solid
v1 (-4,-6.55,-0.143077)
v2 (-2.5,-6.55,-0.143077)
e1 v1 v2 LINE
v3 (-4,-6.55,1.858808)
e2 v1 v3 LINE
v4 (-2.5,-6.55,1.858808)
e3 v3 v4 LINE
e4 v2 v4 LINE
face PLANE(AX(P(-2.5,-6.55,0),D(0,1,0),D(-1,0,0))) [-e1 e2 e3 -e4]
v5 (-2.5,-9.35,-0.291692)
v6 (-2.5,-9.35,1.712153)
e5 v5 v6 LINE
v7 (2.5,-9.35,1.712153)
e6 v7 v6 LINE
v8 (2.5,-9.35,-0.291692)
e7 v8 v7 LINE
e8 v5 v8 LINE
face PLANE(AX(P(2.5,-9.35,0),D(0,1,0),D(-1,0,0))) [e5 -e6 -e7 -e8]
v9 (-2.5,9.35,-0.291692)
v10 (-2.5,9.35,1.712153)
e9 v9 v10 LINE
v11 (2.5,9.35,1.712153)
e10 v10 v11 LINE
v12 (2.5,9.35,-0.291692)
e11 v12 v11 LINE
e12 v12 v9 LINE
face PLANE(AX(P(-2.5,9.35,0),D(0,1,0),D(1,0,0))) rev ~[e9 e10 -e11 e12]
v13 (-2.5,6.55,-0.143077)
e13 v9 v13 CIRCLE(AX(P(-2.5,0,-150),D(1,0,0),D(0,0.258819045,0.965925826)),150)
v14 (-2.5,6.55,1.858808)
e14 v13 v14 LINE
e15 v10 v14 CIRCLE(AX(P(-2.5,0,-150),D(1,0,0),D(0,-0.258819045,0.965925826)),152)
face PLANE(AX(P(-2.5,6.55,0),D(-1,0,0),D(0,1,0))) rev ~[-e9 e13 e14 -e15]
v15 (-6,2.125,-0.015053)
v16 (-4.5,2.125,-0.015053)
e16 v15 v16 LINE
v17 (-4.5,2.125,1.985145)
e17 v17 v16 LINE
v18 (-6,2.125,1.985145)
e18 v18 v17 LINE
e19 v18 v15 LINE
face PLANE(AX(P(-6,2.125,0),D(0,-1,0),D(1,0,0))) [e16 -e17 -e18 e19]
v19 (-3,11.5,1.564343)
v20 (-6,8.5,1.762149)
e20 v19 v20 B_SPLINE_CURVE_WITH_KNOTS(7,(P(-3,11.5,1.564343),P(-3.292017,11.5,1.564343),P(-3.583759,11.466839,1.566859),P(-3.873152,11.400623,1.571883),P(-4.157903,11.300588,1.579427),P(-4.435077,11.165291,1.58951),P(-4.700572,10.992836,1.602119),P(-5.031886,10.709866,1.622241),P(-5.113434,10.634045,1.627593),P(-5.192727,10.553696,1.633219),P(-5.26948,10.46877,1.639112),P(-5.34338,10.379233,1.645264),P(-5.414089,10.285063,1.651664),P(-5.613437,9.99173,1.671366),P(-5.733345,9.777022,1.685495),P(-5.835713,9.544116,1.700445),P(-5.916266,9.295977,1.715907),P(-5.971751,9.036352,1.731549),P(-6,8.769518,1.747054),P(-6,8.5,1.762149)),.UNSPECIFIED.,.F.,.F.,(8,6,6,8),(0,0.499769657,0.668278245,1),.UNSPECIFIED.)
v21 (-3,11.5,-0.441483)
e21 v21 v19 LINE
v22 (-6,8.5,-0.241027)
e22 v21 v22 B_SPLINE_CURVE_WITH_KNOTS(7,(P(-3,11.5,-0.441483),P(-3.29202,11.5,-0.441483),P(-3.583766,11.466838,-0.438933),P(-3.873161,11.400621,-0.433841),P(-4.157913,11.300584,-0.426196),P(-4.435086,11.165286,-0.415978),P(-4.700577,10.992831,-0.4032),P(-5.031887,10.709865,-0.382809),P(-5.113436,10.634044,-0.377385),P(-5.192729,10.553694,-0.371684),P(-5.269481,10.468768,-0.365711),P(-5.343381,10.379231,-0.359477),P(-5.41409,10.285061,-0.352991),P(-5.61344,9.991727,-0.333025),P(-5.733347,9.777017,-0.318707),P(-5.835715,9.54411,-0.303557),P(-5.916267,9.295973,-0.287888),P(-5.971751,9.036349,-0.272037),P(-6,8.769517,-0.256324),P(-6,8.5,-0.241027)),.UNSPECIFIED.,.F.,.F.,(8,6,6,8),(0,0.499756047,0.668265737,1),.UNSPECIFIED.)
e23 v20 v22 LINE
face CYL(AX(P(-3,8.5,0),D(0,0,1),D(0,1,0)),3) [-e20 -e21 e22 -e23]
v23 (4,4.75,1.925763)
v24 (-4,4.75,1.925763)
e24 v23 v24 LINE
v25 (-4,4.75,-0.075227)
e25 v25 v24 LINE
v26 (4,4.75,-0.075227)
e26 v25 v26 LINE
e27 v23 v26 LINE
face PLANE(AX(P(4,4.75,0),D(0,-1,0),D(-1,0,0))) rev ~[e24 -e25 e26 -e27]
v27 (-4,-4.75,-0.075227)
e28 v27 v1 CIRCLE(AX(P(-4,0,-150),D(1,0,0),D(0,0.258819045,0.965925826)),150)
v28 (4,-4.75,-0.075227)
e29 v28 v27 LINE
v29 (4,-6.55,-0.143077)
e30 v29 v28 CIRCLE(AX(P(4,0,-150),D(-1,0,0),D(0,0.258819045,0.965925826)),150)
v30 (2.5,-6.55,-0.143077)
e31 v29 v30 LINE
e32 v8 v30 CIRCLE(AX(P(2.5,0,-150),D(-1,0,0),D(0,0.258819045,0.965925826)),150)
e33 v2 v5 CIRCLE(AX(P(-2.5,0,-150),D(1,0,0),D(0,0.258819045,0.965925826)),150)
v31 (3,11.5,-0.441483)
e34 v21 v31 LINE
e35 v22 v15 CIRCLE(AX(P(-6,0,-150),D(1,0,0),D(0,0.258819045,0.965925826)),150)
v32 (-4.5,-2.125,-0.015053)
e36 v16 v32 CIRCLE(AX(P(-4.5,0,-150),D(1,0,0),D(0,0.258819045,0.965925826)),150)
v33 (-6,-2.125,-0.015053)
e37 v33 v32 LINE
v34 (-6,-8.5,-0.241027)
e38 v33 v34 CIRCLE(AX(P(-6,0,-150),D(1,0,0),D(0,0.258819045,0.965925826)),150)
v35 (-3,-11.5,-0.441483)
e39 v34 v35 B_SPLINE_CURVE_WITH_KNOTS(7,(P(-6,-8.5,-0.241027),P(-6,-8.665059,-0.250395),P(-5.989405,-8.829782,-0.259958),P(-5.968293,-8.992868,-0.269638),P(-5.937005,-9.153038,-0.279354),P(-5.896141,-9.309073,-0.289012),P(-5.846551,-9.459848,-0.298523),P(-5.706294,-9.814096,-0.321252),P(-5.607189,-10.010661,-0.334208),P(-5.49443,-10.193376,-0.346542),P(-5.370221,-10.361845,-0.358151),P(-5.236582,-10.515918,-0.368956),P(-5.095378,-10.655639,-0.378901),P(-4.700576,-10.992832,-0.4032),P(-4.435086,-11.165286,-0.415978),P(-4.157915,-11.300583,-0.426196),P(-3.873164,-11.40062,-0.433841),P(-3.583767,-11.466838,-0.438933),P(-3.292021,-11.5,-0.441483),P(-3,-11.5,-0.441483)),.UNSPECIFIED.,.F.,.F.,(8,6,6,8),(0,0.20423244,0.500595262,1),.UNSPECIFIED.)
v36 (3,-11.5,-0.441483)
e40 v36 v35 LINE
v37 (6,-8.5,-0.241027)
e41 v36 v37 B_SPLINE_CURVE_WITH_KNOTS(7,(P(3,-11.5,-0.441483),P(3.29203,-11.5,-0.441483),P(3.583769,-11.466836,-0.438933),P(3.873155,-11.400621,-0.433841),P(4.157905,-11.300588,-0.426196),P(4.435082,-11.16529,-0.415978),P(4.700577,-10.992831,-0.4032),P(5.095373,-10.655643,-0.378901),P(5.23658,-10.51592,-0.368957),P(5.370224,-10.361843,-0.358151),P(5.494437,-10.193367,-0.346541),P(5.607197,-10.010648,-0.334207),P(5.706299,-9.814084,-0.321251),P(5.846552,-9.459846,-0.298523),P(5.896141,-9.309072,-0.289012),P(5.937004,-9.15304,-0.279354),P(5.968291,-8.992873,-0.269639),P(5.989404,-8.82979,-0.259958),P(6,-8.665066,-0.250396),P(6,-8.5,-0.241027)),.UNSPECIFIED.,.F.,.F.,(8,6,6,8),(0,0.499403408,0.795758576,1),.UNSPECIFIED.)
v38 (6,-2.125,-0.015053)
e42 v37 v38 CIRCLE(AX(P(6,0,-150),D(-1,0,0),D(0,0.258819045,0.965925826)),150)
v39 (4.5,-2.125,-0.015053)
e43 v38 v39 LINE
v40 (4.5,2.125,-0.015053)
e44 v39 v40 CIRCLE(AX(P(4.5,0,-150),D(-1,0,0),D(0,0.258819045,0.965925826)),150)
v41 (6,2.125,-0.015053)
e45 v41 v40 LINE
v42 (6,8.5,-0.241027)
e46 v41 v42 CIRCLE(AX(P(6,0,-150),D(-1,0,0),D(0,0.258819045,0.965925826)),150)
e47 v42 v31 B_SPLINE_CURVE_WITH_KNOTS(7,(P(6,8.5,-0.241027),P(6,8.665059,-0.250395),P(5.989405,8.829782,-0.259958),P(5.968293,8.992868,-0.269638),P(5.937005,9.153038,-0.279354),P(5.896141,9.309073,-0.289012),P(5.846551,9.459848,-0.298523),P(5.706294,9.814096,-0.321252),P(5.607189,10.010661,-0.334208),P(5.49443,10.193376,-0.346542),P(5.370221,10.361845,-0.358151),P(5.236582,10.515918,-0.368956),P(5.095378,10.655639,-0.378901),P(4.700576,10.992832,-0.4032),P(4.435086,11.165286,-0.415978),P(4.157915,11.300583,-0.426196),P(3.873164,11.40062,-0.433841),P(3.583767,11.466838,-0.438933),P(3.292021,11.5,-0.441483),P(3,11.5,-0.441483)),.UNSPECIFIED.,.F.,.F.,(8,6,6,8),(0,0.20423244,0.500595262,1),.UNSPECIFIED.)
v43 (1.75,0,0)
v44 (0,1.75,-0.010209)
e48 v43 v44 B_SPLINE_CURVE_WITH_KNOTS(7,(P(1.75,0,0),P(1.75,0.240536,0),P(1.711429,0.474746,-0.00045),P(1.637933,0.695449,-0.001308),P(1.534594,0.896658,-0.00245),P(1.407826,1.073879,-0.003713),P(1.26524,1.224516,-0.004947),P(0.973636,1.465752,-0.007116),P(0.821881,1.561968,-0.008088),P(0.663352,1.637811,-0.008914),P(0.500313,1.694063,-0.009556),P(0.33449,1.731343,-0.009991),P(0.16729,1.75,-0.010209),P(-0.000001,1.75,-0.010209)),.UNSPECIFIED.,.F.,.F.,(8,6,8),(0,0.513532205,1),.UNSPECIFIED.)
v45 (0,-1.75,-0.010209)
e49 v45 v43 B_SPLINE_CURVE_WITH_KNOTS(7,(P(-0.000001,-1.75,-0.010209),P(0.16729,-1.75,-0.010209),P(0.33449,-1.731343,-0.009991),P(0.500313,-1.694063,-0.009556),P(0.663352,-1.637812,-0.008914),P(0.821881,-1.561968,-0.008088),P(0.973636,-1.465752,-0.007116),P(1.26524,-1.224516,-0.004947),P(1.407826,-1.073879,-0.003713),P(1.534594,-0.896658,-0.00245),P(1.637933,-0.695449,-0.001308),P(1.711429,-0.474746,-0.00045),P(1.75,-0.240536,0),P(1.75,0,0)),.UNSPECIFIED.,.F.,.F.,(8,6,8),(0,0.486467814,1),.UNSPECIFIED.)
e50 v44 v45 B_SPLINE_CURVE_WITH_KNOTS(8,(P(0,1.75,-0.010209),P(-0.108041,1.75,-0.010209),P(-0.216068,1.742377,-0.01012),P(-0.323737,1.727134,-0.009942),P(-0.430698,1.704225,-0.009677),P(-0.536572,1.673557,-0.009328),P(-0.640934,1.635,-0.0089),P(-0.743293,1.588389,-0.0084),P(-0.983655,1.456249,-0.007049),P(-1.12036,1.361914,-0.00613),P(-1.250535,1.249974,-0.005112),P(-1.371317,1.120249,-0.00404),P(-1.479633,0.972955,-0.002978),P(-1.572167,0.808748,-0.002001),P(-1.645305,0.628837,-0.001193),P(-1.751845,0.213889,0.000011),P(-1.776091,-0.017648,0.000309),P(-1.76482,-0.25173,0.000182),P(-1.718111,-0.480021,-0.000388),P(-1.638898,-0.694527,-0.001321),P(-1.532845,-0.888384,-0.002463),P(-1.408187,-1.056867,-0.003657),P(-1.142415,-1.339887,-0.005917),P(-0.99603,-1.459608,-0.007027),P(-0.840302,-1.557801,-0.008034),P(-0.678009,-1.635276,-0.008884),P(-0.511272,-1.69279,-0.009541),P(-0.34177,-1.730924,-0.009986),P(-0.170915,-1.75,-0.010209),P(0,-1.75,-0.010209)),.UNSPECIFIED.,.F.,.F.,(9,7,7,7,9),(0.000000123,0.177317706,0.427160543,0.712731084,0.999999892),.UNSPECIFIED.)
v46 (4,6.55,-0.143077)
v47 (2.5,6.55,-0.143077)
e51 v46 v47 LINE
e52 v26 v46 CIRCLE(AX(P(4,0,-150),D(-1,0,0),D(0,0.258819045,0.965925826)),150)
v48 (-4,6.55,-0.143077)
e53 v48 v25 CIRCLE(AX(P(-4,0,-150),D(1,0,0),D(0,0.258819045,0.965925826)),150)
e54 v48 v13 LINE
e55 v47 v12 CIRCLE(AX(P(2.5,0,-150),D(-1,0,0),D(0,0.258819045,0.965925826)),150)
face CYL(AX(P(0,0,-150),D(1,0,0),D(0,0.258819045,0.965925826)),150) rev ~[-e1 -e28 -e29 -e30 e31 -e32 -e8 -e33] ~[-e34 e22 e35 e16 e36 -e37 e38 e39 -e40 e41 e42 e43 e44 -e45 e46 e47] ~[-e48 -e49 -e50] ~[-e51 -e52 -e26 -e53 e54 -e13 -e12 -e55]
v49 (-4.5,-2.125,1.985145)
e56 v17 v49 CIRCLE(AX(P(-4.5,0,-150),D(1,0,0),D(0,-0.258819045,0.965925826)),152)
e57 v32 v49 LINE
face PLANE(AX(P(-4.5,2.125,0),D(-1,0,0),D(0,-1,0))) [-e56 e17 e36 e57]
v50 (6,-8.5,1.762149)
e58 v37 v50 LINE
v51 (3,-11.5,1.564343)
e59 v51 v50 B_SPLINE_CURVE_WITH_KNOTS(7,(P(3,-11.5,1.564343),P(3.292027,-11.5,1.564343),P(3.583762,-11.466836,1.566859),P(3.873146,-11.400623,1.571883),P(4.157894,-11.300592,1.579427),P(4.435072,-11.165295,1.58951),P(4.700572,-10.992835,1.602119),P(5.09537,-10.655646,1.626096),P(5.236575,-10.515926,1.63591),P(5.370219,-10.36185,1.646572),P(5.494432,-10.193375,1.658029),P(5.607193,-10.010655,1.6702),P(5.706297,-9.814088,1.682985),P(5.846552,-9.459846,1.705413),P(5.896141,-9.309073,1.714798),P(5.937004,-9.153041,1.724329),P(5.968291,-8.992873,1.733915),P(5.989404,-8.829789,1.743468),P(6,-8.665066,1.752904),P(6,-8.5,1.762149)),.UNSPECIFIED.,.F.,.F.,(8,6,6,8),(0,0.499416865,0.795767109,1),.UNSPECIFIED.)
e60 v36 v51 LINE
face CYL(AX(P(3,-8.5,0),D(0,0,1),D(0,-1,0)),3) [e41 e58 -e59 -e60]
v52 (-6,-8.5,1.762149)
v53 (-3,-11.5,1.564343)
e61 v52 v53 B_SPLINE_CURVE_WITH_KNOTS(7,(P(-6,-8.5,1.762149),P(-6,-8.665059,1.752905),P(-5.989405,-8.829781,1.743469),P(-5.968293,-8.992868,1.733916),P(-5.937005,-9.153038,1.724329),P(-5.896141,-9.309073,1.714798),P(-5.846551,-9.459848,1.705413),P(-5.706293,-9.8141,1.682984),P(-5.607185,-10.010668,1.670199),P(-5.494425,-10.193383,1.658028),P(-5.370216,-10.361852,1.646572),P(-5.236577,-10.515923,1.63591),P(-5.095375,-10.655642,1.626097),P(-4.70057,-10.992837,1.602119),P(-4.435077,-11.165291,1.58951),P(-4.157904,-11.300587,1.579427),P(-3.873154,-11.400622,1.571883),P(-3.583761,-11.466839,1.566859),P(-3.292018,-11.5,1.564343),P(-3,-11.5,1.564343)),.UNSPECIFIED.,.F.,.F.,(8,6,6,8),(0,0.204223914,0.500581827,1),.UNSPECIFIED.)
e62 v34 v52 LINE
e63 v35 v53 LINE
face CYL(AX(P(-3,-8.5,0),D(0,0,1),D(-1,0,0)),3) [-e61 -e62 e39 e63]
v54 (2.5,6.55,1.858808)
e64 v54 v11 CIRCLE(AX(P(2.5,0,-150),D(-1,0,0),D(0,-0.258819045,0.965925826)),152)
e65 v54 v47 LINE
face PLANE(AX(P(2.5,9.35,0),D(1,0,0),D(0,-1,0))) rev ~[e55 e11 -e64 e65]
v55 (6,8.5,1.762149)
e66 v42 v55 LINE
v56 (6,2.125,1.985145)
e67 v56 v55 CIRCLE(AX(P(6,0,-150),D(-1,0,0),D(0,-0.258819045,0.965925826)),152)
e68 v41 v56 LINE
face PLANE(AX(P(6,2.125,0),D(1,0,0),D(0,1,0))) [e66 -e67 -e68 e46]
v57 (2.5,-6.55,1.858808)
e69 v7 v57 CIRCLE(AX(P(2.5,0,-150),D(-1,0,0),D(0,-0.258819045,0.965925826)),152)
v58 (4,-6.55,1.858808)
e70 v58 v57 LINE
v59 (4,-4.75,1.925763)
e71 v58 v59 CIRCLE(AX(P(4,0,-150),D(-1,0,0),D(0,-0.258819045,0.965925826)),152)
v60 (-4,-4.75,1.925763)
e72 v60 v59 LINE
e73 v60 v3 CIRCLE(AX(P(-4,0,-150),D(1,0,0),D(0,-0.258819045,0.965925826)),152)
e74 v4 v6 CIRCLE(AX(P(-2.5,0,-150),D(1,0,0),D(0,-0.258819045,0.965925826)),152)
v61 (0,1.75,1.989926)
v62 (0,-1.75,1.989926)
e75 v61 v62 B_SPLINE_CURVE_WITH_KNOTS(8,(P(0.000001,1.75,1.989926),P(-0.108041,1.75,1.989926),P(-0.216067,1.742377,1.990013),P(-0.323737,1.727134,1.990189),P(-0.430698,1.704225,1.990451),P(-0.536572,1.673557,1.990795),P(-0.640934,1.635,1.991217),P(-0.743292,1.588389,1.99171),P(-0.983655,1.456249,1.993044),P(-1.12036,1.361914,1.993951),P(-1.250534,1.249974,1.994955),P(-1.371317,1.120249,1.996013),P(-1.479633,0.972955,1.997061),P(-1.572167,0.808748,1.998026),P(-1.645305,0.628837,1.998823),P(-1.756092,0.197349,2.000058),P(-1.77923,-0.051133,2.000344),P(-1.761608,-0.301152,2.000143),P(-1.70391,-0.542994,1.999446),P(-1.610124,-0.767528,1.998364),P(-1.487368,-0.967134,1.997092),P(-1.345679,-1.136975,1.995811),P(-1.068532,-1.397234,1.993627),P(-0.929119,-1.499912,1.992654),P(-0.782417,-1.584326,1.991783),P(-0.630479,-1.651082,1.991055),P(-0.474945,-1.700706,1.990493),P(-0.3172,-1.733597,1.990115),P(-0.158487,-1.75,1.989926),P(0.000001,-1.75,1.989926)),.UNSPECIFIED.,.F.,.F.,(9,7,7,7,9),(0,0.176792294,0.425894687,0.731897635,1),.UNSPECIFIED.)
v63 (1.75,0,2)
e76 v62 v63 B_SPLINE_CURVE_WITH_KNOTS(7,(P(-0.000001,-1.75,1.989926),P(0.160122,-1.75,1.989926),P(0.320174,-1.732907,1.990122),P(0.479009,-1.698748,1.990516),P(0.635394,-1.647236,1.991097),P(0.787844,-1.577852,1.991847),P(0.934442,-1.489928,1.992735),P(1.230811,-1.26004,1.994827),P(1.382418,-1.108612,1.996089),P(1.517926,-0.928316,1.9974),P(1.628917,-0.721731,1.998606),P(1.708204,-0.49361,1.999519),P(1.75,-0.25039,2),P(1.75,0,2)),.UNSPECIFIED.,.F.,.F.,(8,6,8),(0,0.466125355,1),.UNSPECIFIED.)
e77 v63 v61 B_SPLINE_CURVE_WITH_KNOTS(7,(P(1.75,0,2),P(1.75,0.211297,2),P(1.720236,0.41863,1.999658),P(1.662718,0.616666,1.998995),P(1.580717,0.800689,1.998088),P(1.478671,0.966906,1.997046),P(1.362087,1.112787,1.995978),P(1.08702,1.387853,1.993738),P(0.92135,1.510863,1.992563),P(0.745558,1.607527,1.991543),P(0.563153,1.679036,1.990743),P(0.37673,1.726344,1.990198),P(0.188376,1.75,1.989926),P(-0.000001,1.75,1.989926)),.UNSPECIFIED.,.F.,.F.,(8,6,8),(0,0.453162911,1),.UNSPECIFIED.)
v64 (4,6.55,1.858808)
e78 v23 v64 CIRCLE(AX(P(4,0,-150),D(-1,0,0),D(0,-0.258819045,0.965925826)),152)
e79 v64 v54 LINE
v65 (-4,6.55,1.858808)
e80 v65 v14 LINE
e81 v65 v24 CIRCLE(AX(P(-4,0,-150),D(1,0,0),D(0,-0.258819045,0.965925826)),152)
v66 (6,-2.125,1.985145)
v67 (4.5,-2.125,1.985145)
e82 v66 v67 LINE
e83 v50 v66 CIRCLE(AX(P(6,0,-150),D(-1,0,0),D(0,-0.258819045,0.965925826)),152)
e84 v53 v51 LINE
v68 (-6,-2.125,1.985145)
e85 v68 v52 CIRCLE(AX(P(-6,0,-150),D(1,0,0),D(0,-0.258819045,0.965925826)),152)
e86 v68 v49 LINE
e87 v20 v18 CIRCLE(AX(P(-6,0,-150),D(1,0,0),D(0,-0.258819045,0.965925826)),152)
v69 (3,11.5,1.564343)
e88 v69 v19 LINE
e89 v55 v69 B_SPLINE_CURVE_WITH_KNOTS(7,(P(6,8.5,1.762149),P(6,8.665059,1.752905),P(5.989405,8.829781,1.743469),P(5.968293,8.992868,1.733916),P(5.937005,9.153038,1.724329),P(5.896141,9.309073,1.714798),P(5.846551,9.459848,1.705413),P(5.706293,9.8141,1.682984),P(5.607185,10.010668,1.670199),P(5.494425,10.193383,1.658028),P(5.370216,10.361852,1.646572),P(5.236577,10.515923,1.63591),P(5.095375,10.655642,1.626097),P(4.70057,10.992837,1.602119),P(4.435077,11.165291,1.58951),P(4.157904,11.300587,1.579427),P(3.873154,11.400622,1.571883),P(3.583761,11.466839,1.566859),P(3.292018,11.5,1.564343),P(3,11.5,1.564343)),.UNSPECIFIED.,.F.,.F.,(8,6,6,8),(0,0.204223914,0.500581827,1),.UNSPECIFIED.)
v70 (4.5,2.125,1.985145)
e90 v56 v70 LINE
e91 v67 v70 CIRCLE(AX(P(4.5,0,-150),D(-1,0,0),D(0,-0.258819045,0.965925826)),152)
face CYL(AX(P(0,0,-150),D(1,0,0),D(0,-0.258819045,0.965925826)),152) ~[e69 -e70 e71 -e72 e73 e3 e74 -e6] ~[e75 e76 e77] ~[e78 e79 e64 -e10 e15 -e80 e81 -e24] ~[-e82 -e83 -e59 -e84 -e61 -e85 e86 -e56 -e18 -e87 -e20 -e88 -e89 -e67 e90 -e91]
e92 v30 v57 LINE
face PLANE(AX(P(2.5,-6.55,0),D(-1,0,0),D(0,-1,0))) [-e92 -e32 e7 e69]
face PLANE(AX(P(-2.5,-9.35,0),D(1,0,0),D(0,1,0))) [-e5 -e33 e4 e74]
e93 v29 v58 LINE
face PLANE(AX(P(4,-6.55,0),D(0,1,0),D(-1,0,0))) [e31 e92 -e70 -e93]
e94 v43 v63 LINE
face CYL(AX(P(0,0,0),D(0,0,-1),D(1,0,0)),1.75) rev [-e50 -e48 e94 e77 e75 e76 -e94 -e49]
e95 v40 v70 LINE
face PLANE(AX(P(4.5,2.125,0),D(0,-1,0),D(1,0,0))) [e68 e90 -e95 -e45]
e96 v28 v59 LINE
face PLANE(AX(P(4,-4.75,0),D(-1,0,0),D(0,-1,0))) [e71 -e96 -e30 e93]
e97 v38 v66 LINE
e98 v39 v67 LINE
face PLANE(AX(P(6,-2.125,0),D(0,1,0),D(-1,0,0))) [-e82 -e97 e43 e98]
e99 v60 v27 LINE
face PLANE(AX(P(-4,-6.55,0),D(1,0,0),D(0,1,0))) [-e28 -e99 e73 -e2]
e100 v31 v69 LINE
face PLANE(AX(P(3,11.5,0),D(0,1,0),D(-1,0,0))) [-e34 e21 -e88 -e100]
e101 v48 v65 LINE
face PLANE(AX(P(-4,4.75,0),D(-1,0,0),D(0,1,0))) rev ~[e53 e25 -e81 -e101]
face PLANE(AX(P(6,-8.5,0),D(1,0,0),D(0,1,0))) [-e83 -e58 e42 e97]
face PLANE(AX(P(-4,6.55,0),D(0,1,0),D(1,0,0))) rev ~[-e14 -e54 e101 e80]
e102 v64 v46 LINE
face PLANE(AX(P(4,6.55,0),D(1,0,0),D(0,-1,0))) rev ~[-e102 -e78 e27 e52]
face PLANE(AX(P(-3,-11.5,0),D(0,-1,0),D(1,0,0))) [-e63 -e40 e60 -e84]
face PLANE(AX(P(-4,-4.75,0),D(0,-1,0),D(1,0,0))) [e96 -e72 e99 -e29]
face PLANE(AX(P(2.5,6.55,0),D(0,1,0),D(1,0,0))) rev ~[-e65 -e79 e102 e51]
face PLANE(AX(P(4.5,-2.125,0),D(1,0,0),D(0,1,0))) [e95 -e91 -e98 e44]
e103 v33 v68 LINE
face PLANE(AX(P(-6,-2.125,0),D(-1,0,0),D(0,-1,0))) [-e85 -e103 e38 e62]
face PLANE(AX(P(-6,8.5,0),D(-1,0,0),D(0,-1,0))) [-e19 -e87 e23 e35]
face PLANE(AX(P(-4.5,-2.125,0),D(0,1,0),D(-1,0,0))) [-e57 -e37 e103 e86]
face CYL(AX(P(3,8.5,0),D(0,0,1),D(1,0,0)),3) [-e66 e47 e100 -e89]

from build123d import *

# Parameters (mm, degrees)
F0_R          = 1.75
F1_DEPTH      = 5
F1_DEPTH_BACK = 5
F3_DEPTH      = 10
F3_DEPTH_BACK = 10


with BuildPart() as f1:
    # F0 (on Top) → F1 (new body, two sides)
    with BuildSketch(Plane.XY) as f1_sk:
        with BuildLine():
            Line((-4.5, 2.125), (-4.5, 0))
            Line((-4.5, 0), (-4.5, -2.125))
            Line((-4.5, -2.125), (-6, -2.125))
            Line((-6, -2.125), (-6, -8.5))
            ThreePointArc((-6, -8.5), (-5.1213203436, -10.6213203436), (-3, -11.5))
            Line((-3, -11.5), (0, -11.5))
            Line((0, -11.5), (3, -11.5))
            ThreePointArc((3, -11.5), (5.1213203436, -10.6213203436), (6, -8.5))
            Line((6, -8.5), (6, -2.125))
            Line((6, -2.125), (4.5, -2.125))
            Line((4.5, -2.125), (4.5, 0))
            Line((4.5, 0), (4.5, 2.125))
            Line((4.5, 2.125), (6, 2.125))
            Line((6, 2.125), (6, 8.5))
            ThreePointArc((6, 8.5), (5.1213203436, 10.6213203436), (3, 11.5))
            Line((3, 11.5), (0, 11.5))
            Line((0, 11.5), (-3, 11.5))
            ThreePointArc((-3, 11.5), (-5.1213203436, 10.6213203436), (-6, 8.5))
            Line((-6, 8.5), (-6, 2.125))
            Line((-6, 2.125), (-4.5, 2.125))
        make_face()
        Polygon((0, -4.75), (4, -4.75), (4, -6.55), (2.5, -6.55), (2.5, -9.35), (0, -9.35), (-2.5, -9.35), (-2.5, -6.55), (-4, -6.55), (-4, -4.75), align=None, mode=Mode.SUBTRACT)
        Circle(F0_R, mode=Mode.SUBTRACT)
        Polygon((0, 4.75), (-4, 4.75), (-4, 6.55), (-2.5, 6.55), (-2.5, 9.35), (0, 9.35), (2.5, 9.35), (2.5, 6.55), (4, 6.55), (4, 4.75), align=None, mode=Mode.SUBTRACT)
    extrude(amount=F1_DEPTH)
    extrude(f1_sk.sketch, amount=-F1_DEPTH_BACK)

    # F2 (on Right) → F3 (cut, two sides)
    with BuildSketch(Plane.YZ) as f3_sk:
        with BuildLine():
            ThreePointArc((-39.3404948556, -3.1792744041), (0, 2), (39.3404948556, -3.1792744041))
            Line((39.3404948556, -3.1792744041), (39.3404948556, 12))
            Line((39.3404948556, 12), (-39.3404948556, 12))
            Line((-39.3404948556, 12), (-39.3404948556, -3.1792744041))
        make_face()
        with BuildLine():
            Line((0, -150), (38.8228567654, -5.1111260566))
            ThreePointArc((38.8228567654, -5.1111260566), (0, 0), (-38.8228567654, -5.1111260566))
            Line((-38.8228567654, -5.1111260566), (0, -150))
        make_face()
    extrude(amount=-F3_DEPTH, mode=Mode.SUBTRACT)
    extrude(f3_sk.sketch, amount=F3_DEPTH_BACK, mode=Mode.SUBTRACT)


solid = f1.part
